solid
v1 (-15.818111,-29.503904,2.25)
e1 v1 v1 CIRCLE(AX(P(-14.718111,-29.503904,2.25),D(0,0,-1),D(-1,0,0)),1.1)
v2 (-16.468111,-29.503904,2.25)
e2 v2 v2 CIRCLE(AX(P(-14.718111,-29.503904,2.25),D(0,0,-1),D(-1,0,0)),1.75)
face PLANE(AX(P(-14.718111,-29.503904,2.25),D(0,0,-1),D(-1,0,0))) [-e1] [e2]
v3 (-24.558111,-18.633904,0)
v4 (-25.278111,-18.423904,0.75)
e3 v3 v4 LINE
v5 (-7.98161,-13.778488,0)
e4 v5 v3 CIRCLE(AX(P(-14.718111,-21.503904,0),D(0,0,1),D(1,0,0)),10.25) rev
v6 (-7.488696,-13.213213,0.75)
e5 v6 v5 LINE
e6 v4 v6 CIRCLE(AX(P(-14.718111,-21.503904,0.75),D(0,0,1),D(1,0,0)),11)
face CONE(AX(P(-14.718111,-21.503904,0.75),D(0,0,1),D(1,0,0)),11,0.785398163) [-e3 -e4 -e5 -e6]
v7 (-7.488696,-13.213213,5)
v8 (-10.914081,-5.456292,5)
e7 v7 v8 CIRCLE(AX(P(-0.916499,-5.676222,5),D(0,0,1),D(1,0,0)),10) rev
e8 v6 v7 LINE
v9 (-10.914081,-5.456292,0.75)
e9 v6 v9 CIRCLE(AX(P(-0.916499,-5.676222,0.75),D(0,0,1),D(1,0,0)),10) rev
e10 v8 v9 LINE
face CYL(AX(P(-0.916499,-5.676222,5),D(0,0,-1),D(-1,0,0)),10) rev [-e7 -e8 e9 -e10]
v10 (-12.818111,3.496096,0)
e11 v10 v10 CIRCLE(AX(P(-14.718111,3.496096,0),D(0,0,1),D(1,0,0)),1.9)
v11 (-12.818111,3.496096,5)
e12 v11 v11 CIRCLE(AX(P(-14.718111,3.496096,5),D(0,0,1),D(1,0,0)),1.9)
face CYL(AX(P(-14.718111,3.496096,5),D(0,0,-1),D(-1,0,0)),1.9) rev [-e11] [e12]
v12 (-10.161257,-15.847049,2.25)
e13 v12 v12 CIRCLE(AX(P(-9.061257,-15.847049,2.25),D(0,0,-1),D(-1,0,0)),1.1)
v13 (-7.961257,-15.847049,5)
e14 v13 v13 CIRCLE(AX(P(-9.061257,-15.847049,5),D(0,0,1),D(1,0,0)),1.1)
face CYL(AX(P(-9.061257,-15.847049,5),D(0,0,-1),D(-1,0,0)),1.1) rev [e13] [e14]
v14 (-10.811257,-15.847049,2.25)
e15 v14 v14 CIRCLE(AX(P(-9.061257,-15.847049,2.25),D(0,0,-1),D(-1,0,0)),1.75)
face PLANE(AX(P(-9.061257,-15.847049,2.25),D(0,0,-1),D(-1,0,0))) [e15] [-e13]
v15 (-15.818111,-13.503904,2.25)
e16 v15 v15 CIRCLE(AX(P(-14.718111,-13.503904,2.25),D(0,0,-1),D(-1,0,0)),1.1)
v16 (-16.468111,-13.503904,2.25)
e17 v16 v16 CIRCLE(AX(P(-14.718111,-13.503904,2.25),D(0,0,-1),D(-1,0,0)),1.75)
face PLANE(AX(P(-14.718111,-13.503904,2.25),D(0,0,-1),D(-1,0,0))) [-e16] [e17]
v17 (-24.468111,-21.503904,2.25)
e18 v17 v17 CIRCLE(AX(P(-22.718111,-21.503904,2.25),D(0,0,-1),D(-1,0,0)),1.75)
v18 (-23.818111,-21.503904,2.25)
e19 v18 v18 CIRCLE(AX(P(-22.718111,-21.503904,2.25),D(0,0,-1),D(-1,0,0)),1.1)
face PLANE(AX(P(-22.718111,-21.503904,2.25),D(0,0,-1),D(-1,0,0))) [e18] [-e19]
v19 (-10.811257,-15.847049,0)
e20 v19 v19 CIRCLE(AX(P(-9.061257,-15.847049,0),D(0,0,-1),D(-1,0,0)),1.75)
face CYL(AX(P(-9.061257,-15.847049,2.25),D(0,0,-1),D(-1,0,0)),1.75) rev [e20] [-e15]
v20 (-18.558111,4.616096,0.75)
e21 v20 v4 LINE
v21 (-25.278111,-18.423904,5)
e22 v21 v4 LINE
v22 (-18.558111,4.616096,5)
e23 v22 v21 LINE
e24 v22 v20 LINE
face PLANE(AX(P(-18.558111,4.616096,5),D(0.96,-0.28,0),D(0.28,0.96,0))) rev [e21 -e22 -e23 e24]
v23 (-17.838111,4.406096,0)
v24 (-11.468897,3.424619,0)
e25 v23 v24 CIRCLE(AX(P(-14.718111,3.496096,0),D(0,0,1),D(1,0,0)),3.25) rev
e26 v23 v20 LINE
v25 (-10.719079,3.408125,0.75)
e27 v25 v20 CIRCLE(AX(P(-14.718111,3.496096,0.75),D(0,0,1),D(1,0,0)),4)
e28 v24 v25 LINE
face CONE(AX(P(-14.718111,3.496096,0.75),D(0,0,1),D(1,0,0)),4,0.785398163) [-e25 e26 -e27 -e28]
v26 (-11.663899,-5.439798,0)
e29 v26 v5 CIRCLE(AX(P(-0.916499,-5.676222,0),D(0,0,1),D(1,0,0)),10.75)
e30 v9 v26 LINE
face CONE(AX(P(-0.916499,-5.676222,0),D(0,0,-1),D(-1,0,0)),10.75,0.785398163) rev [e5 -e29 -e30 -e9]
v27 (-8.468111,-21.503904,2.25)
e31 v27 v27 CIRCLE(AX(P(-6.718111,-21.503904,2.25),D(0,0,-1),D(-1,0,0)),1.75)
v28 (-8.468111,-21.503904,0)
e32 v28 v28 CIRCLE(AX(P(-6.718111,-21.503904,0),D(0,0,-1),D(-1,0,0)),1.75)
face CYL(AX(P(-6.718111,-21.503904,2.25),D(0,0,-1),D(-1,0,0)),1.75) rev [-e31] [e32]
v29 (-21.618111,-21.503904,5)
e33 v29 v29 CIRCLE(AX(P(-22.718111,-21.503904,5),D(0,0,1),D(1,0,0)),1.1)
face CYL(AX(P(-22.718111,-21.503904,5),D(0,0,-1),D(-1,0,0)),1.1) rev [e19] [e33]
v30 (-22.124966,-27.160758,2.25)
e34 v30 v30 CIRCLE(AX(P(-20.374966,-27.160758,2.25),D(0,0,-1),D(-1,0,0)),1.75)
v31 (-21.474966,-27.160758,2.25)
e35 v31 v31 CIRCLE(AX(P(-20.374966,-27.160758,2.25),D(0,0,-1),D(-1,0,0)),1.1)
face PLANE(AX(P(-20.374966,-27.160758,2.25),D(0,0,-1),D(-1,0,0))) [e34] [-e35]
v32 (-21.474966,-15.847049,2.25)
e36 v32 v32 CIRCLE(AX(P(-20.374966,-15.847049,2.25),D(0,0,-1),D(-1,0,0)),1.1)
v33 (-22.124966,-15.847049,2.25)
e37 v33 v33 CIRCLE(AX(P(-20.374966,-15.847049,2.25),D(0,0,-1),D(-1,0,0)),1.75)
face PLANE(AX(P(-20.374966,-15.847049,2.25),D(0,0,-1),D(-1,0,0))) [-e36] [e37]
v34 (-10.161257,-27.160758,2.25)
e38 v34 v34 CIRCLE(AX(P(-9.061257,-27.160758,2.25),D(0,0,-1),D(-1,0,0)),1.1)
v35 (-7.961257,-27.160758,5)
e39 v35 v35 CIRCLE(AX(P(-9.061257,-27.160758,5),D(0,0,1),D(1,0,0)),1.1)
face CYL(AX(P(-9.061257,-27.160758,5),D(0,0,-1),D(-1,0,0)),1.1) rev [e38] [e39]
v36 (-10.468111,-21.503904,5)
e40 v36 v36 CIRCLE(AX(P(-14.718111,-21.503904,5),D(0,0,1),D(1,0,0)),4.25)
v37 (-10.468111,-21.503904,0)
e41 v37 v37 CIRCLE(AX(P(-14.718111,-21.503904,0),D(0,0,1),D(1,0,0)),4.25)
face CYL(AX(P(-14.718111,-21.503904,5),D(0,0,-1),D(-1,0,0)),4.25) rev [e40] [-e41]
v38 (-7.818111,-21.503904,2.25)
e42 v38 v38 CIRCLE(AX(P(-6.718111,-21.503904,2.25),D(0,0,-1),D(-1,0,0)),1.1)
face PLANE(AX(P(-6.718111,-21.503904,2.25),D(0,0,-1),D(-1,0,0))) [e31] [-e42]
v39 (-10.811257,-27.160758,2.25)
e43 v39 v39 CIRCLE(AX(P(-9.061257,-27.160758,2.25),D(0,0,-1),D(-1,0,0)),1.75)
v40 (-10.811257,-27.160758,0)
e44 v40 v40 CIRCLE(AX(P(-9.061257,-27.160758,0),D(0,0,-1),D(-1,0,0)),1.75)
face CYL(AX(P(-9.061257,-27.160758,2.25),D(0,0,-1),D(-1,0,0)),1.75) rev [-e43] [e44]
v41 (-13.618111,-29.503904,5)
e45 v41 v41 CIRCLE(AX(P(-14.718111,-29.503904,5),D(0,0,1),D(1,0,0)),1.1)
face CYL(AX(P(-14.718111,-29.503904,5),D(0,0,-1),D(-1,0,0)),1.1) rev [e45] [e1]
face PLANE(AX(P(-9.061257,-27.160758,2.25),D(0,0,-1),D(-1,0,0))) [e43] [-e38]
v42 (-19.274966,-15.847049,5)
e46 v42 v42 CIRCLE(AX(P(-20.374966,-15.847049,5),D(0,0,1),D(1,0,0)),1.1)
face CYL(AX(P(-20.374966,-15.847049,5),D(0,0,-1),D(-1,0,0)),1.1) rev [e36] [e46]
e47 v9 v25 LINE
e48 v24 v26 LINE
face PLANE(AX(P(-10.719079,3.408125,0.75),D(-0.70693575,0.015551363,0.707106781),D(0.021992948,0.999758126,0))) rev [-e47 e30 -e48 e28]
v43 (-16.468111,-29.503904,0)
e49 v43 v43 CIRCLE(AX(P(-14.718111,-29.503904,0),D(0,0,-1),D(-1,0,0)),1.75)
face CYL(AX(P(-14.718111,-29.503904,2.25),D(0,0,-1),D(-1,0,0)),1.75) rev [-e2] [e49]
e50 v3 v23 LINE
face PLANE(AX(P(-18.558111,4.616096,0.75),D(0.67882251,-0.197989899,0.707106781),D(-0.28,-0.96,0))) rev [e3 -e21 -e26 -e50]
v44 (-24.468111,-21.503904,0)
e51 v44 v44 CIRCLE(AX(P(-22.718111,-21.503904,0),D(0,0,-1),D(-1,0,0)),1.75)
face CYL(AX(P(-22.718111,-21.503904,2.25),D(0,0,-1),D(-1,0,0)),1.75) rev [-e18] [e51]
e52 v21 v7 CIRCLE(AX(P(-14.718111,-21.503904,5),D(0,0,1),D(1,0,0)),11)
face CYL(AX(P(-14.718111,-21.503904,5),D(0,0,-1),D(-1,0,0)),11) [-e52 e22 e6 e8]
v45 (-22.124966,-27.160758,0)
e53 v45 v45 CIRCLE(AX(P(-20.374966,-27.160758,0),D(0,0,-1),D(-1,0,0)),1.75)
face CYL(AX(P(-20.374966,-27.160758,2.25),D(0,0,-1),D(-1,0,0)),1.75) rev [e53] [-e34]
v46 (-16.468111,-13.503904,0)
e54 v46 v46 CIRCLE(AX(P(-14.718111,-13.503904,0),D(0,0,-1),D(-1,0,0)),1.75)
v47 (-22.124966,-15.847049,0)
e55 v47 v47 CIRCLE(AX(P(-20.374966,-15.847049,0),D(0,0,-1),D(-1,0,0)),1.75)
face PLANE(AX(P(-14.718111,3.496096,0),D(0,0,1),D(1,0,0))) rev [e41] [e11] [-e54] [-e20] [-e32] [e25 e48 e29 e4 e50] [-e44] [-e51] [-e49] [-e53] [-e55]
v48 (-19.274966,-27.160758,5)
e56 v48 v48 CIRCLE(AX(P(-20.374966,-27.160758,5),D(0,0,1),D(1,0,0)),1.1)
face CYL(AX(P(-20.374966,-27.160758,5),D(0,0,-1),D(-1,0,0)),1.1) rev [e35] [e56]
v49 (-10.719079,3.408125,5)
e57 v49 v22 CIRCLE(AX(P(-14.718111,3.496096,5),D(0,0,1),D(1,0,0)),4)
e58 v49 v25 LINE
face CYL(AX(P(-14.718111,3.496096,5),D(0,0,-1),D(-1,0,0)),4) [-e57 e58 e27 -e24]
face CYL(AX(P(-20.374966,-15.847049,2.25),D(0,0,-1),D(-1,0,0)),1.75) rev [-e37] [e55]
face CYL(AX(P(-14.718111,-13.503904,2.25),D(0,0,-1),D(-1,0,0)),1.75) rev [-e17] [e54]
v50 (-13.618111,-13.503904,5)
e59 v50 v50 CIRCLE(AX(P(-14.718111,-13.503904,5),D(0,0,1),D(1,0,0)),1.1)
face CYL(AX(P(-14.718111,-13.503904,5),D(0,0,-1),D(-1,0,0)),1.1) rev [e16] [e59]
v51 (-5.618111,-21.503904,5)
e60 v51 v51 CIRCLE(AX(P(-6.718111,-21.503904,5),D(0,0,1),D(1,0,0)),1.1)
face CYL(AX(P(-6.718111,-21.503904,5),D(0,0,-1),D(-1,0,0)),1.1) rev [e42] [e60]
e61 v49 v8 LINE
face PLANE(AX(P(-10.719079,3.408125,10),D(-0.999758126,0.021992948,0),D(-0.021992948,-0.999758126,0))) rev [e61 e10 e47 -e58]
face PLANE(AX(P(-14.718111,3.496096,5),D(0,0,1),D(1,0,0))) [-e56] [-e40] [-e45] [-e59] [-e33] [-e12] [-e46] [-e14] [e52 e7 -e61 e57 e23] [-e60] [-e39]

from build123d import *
from build123d.topology import SkipClean

# Parameters (mm, degrees)
SKETCH1_R             = 1.9
SKETCH1_R_2           = 4.25
SKETCH1_R_3           = 1.1
BOSS_EXTRUDE1_DEPTH   = 5
SKETCH4_R             = 1.75
CUT_EXTRUDE3_DEPTH    = 2.25
CORTAR_EXTRUIR1_DEPTH = 10
REDONDEO1_R           = 10
CHAFL_N1_SIZE         = 0.75


with BuildPart() as part:
    # Sketch1 → Boss-Extrude1 (new body)
    with BuildSketch(Plane.XY):
        with BuildLine():
            Line((-18.558111277, 4.616096398), (-25.278111277, -18.423903602))
            ThreePointArc((-25.278111277, -18.423903602), (-14.718111277, -32.503903602), (-4.158111277, -18.423903602))
            Line((-4.158111277, -18.423903602), (-10.878111277, 4.616096398))
            ThreePointArc((-10.878111277, 4.616096398), (-14.718111277, 7.496096398), (-18.558111277, 4.616096398))
        make_face()
        with Locations((-14.718111277, 3.496096398)):
            Circle(SKETCH1_R, mode=Mode.SUBTRACT)
        with Locations((-14.718111277, -21.503903602)):
            Circle(SKETCH1_R_2, mode=Mode.SUBTRACT)
        with Locations((-6.718111277, -21.503903602)):
            Circle(SKETCH1_R_3, mode=Mode.SUBTRACT)
        with Locations((-9.061257027, -27.160757851)):
            Circle(SKETCH1_R_3, mode=Mode.SUBTRACT)
        with Locations((-14.718111277, -29.503903602)):
            Circle(SKETCH1_R_3, mode=Mode.SUBTRACT)
        with Locations((-20.374965526, -27.160757851)):
            Circle(SKETCH1_R_3, mode=Mode.SUBTRACT)
        with Locations((-22.718111277, -21.503903602)):
            Circle(SKETCH1_R_3, mode=Mode.SUBTRACT)
        with Locations((-20.374965526, -15.847049352)):
            Circle(SKETCH1_R_3, mode=Mode.SUBTRACT)
        with Locations((-14.718111277, -13.503903602)):
            Circle(SKETCH1_R_3, mode=Mode.SUBTRACT)
        with Locations((-9.061257027, -15.847049352)):
            Circle(SKETCH1_R_3, mode=Mode.SUBTRACT)
    extrude(amount=BOSS_EXTRUDE1_DEPTH)

    # Sketch4 → Cut-Extrude3 (cut)
    with BuildSketch(Plane(origin=(0, 0, 0), x_dir=(-1, 0, 0), z_dir=(0, 0, -1))):
        with Locations((22.718111277, -21.503903602)):
            Circle(SKETCH4_R)
        with Locations((20.374965526, -27.160757851)):
            Circle(SKETCH4_R)
        with Locations((14.718111277, -29.503903602)):
            Circle(SKETCH4_R)
        with Locations((9.061257027, -27.160757851)):
            Circle(SKETCH4_R)
        with Locations((6.718111277, -21.503903602)):
            Circle(SKETCH4_R)
        with Locations((9.061257027, -15.847049352)):
            Circle(SKETCH4_R)
        with Locations((14.718111277, -13.503903602)):
            Circle(SKETCH4_R)
        with Locations((20.374965526, -15.847049352)):
            Circle(SKETCH4_R)
    extrude(amount=-CUT_EXTRUDE3_DEPTH, mode=Mode.SUBTRACT)

    # Croquis1 → Cortar-Extruir1 (cut)
    with SkipClean():  # the faces are left unmerged after this step: merging them gives an invalid solid
        with BuildSketch(Plane(origin=(0, 0, 0), x_dir=(-1, 0, 0), z_dir=(0, 0, -1))):
            with BuildLine():
                Line((10.719078773, 3.408124606), (11.039054977, -11.13739287))
                ThreePointArc((11.039054977, -11.13739287), (6.720549727, -13.951486157), (4.158111277, -18.423903602))
                Line((4.158111277, -18.423903602), (10.878111277, 4.616096398))
                ThreePointArc((10.878111277, 4.616096398), (10.752331831, 4.018201167), (10.719078773, 3.408124606))
            make_face()
        extrude(amount=-CORTAR_EXTRUIR1_DEPTH, mode=Mode.SUBTRACT)

    # Redondeo1
    redondeo1_edges = [part.edges().sort_by_distance(p)[0] for p in [
        (-11.039054977, -11.13739287, 2.5),
    ]]
    fillet(redondeo1_edges, radius=REDONDEO1_R)

    # Chaflán1
    chafl_n1_edges = [part.edges().sort_by_distance(p)[0] for p in [
        (-10.816579688, -1.024083907, 0),
        (-10.06427699, -9.715796647, 0),
        (-14.718111277, -32.503903602, 0),
        (-21.918111277, -6.903903602, 0),
        (-14.718111277, 7.496096398, 0),
    ]]
    chamfer(chafl_n1_edges, length=CHAFL_N1_SIZE)


solid = part.part
